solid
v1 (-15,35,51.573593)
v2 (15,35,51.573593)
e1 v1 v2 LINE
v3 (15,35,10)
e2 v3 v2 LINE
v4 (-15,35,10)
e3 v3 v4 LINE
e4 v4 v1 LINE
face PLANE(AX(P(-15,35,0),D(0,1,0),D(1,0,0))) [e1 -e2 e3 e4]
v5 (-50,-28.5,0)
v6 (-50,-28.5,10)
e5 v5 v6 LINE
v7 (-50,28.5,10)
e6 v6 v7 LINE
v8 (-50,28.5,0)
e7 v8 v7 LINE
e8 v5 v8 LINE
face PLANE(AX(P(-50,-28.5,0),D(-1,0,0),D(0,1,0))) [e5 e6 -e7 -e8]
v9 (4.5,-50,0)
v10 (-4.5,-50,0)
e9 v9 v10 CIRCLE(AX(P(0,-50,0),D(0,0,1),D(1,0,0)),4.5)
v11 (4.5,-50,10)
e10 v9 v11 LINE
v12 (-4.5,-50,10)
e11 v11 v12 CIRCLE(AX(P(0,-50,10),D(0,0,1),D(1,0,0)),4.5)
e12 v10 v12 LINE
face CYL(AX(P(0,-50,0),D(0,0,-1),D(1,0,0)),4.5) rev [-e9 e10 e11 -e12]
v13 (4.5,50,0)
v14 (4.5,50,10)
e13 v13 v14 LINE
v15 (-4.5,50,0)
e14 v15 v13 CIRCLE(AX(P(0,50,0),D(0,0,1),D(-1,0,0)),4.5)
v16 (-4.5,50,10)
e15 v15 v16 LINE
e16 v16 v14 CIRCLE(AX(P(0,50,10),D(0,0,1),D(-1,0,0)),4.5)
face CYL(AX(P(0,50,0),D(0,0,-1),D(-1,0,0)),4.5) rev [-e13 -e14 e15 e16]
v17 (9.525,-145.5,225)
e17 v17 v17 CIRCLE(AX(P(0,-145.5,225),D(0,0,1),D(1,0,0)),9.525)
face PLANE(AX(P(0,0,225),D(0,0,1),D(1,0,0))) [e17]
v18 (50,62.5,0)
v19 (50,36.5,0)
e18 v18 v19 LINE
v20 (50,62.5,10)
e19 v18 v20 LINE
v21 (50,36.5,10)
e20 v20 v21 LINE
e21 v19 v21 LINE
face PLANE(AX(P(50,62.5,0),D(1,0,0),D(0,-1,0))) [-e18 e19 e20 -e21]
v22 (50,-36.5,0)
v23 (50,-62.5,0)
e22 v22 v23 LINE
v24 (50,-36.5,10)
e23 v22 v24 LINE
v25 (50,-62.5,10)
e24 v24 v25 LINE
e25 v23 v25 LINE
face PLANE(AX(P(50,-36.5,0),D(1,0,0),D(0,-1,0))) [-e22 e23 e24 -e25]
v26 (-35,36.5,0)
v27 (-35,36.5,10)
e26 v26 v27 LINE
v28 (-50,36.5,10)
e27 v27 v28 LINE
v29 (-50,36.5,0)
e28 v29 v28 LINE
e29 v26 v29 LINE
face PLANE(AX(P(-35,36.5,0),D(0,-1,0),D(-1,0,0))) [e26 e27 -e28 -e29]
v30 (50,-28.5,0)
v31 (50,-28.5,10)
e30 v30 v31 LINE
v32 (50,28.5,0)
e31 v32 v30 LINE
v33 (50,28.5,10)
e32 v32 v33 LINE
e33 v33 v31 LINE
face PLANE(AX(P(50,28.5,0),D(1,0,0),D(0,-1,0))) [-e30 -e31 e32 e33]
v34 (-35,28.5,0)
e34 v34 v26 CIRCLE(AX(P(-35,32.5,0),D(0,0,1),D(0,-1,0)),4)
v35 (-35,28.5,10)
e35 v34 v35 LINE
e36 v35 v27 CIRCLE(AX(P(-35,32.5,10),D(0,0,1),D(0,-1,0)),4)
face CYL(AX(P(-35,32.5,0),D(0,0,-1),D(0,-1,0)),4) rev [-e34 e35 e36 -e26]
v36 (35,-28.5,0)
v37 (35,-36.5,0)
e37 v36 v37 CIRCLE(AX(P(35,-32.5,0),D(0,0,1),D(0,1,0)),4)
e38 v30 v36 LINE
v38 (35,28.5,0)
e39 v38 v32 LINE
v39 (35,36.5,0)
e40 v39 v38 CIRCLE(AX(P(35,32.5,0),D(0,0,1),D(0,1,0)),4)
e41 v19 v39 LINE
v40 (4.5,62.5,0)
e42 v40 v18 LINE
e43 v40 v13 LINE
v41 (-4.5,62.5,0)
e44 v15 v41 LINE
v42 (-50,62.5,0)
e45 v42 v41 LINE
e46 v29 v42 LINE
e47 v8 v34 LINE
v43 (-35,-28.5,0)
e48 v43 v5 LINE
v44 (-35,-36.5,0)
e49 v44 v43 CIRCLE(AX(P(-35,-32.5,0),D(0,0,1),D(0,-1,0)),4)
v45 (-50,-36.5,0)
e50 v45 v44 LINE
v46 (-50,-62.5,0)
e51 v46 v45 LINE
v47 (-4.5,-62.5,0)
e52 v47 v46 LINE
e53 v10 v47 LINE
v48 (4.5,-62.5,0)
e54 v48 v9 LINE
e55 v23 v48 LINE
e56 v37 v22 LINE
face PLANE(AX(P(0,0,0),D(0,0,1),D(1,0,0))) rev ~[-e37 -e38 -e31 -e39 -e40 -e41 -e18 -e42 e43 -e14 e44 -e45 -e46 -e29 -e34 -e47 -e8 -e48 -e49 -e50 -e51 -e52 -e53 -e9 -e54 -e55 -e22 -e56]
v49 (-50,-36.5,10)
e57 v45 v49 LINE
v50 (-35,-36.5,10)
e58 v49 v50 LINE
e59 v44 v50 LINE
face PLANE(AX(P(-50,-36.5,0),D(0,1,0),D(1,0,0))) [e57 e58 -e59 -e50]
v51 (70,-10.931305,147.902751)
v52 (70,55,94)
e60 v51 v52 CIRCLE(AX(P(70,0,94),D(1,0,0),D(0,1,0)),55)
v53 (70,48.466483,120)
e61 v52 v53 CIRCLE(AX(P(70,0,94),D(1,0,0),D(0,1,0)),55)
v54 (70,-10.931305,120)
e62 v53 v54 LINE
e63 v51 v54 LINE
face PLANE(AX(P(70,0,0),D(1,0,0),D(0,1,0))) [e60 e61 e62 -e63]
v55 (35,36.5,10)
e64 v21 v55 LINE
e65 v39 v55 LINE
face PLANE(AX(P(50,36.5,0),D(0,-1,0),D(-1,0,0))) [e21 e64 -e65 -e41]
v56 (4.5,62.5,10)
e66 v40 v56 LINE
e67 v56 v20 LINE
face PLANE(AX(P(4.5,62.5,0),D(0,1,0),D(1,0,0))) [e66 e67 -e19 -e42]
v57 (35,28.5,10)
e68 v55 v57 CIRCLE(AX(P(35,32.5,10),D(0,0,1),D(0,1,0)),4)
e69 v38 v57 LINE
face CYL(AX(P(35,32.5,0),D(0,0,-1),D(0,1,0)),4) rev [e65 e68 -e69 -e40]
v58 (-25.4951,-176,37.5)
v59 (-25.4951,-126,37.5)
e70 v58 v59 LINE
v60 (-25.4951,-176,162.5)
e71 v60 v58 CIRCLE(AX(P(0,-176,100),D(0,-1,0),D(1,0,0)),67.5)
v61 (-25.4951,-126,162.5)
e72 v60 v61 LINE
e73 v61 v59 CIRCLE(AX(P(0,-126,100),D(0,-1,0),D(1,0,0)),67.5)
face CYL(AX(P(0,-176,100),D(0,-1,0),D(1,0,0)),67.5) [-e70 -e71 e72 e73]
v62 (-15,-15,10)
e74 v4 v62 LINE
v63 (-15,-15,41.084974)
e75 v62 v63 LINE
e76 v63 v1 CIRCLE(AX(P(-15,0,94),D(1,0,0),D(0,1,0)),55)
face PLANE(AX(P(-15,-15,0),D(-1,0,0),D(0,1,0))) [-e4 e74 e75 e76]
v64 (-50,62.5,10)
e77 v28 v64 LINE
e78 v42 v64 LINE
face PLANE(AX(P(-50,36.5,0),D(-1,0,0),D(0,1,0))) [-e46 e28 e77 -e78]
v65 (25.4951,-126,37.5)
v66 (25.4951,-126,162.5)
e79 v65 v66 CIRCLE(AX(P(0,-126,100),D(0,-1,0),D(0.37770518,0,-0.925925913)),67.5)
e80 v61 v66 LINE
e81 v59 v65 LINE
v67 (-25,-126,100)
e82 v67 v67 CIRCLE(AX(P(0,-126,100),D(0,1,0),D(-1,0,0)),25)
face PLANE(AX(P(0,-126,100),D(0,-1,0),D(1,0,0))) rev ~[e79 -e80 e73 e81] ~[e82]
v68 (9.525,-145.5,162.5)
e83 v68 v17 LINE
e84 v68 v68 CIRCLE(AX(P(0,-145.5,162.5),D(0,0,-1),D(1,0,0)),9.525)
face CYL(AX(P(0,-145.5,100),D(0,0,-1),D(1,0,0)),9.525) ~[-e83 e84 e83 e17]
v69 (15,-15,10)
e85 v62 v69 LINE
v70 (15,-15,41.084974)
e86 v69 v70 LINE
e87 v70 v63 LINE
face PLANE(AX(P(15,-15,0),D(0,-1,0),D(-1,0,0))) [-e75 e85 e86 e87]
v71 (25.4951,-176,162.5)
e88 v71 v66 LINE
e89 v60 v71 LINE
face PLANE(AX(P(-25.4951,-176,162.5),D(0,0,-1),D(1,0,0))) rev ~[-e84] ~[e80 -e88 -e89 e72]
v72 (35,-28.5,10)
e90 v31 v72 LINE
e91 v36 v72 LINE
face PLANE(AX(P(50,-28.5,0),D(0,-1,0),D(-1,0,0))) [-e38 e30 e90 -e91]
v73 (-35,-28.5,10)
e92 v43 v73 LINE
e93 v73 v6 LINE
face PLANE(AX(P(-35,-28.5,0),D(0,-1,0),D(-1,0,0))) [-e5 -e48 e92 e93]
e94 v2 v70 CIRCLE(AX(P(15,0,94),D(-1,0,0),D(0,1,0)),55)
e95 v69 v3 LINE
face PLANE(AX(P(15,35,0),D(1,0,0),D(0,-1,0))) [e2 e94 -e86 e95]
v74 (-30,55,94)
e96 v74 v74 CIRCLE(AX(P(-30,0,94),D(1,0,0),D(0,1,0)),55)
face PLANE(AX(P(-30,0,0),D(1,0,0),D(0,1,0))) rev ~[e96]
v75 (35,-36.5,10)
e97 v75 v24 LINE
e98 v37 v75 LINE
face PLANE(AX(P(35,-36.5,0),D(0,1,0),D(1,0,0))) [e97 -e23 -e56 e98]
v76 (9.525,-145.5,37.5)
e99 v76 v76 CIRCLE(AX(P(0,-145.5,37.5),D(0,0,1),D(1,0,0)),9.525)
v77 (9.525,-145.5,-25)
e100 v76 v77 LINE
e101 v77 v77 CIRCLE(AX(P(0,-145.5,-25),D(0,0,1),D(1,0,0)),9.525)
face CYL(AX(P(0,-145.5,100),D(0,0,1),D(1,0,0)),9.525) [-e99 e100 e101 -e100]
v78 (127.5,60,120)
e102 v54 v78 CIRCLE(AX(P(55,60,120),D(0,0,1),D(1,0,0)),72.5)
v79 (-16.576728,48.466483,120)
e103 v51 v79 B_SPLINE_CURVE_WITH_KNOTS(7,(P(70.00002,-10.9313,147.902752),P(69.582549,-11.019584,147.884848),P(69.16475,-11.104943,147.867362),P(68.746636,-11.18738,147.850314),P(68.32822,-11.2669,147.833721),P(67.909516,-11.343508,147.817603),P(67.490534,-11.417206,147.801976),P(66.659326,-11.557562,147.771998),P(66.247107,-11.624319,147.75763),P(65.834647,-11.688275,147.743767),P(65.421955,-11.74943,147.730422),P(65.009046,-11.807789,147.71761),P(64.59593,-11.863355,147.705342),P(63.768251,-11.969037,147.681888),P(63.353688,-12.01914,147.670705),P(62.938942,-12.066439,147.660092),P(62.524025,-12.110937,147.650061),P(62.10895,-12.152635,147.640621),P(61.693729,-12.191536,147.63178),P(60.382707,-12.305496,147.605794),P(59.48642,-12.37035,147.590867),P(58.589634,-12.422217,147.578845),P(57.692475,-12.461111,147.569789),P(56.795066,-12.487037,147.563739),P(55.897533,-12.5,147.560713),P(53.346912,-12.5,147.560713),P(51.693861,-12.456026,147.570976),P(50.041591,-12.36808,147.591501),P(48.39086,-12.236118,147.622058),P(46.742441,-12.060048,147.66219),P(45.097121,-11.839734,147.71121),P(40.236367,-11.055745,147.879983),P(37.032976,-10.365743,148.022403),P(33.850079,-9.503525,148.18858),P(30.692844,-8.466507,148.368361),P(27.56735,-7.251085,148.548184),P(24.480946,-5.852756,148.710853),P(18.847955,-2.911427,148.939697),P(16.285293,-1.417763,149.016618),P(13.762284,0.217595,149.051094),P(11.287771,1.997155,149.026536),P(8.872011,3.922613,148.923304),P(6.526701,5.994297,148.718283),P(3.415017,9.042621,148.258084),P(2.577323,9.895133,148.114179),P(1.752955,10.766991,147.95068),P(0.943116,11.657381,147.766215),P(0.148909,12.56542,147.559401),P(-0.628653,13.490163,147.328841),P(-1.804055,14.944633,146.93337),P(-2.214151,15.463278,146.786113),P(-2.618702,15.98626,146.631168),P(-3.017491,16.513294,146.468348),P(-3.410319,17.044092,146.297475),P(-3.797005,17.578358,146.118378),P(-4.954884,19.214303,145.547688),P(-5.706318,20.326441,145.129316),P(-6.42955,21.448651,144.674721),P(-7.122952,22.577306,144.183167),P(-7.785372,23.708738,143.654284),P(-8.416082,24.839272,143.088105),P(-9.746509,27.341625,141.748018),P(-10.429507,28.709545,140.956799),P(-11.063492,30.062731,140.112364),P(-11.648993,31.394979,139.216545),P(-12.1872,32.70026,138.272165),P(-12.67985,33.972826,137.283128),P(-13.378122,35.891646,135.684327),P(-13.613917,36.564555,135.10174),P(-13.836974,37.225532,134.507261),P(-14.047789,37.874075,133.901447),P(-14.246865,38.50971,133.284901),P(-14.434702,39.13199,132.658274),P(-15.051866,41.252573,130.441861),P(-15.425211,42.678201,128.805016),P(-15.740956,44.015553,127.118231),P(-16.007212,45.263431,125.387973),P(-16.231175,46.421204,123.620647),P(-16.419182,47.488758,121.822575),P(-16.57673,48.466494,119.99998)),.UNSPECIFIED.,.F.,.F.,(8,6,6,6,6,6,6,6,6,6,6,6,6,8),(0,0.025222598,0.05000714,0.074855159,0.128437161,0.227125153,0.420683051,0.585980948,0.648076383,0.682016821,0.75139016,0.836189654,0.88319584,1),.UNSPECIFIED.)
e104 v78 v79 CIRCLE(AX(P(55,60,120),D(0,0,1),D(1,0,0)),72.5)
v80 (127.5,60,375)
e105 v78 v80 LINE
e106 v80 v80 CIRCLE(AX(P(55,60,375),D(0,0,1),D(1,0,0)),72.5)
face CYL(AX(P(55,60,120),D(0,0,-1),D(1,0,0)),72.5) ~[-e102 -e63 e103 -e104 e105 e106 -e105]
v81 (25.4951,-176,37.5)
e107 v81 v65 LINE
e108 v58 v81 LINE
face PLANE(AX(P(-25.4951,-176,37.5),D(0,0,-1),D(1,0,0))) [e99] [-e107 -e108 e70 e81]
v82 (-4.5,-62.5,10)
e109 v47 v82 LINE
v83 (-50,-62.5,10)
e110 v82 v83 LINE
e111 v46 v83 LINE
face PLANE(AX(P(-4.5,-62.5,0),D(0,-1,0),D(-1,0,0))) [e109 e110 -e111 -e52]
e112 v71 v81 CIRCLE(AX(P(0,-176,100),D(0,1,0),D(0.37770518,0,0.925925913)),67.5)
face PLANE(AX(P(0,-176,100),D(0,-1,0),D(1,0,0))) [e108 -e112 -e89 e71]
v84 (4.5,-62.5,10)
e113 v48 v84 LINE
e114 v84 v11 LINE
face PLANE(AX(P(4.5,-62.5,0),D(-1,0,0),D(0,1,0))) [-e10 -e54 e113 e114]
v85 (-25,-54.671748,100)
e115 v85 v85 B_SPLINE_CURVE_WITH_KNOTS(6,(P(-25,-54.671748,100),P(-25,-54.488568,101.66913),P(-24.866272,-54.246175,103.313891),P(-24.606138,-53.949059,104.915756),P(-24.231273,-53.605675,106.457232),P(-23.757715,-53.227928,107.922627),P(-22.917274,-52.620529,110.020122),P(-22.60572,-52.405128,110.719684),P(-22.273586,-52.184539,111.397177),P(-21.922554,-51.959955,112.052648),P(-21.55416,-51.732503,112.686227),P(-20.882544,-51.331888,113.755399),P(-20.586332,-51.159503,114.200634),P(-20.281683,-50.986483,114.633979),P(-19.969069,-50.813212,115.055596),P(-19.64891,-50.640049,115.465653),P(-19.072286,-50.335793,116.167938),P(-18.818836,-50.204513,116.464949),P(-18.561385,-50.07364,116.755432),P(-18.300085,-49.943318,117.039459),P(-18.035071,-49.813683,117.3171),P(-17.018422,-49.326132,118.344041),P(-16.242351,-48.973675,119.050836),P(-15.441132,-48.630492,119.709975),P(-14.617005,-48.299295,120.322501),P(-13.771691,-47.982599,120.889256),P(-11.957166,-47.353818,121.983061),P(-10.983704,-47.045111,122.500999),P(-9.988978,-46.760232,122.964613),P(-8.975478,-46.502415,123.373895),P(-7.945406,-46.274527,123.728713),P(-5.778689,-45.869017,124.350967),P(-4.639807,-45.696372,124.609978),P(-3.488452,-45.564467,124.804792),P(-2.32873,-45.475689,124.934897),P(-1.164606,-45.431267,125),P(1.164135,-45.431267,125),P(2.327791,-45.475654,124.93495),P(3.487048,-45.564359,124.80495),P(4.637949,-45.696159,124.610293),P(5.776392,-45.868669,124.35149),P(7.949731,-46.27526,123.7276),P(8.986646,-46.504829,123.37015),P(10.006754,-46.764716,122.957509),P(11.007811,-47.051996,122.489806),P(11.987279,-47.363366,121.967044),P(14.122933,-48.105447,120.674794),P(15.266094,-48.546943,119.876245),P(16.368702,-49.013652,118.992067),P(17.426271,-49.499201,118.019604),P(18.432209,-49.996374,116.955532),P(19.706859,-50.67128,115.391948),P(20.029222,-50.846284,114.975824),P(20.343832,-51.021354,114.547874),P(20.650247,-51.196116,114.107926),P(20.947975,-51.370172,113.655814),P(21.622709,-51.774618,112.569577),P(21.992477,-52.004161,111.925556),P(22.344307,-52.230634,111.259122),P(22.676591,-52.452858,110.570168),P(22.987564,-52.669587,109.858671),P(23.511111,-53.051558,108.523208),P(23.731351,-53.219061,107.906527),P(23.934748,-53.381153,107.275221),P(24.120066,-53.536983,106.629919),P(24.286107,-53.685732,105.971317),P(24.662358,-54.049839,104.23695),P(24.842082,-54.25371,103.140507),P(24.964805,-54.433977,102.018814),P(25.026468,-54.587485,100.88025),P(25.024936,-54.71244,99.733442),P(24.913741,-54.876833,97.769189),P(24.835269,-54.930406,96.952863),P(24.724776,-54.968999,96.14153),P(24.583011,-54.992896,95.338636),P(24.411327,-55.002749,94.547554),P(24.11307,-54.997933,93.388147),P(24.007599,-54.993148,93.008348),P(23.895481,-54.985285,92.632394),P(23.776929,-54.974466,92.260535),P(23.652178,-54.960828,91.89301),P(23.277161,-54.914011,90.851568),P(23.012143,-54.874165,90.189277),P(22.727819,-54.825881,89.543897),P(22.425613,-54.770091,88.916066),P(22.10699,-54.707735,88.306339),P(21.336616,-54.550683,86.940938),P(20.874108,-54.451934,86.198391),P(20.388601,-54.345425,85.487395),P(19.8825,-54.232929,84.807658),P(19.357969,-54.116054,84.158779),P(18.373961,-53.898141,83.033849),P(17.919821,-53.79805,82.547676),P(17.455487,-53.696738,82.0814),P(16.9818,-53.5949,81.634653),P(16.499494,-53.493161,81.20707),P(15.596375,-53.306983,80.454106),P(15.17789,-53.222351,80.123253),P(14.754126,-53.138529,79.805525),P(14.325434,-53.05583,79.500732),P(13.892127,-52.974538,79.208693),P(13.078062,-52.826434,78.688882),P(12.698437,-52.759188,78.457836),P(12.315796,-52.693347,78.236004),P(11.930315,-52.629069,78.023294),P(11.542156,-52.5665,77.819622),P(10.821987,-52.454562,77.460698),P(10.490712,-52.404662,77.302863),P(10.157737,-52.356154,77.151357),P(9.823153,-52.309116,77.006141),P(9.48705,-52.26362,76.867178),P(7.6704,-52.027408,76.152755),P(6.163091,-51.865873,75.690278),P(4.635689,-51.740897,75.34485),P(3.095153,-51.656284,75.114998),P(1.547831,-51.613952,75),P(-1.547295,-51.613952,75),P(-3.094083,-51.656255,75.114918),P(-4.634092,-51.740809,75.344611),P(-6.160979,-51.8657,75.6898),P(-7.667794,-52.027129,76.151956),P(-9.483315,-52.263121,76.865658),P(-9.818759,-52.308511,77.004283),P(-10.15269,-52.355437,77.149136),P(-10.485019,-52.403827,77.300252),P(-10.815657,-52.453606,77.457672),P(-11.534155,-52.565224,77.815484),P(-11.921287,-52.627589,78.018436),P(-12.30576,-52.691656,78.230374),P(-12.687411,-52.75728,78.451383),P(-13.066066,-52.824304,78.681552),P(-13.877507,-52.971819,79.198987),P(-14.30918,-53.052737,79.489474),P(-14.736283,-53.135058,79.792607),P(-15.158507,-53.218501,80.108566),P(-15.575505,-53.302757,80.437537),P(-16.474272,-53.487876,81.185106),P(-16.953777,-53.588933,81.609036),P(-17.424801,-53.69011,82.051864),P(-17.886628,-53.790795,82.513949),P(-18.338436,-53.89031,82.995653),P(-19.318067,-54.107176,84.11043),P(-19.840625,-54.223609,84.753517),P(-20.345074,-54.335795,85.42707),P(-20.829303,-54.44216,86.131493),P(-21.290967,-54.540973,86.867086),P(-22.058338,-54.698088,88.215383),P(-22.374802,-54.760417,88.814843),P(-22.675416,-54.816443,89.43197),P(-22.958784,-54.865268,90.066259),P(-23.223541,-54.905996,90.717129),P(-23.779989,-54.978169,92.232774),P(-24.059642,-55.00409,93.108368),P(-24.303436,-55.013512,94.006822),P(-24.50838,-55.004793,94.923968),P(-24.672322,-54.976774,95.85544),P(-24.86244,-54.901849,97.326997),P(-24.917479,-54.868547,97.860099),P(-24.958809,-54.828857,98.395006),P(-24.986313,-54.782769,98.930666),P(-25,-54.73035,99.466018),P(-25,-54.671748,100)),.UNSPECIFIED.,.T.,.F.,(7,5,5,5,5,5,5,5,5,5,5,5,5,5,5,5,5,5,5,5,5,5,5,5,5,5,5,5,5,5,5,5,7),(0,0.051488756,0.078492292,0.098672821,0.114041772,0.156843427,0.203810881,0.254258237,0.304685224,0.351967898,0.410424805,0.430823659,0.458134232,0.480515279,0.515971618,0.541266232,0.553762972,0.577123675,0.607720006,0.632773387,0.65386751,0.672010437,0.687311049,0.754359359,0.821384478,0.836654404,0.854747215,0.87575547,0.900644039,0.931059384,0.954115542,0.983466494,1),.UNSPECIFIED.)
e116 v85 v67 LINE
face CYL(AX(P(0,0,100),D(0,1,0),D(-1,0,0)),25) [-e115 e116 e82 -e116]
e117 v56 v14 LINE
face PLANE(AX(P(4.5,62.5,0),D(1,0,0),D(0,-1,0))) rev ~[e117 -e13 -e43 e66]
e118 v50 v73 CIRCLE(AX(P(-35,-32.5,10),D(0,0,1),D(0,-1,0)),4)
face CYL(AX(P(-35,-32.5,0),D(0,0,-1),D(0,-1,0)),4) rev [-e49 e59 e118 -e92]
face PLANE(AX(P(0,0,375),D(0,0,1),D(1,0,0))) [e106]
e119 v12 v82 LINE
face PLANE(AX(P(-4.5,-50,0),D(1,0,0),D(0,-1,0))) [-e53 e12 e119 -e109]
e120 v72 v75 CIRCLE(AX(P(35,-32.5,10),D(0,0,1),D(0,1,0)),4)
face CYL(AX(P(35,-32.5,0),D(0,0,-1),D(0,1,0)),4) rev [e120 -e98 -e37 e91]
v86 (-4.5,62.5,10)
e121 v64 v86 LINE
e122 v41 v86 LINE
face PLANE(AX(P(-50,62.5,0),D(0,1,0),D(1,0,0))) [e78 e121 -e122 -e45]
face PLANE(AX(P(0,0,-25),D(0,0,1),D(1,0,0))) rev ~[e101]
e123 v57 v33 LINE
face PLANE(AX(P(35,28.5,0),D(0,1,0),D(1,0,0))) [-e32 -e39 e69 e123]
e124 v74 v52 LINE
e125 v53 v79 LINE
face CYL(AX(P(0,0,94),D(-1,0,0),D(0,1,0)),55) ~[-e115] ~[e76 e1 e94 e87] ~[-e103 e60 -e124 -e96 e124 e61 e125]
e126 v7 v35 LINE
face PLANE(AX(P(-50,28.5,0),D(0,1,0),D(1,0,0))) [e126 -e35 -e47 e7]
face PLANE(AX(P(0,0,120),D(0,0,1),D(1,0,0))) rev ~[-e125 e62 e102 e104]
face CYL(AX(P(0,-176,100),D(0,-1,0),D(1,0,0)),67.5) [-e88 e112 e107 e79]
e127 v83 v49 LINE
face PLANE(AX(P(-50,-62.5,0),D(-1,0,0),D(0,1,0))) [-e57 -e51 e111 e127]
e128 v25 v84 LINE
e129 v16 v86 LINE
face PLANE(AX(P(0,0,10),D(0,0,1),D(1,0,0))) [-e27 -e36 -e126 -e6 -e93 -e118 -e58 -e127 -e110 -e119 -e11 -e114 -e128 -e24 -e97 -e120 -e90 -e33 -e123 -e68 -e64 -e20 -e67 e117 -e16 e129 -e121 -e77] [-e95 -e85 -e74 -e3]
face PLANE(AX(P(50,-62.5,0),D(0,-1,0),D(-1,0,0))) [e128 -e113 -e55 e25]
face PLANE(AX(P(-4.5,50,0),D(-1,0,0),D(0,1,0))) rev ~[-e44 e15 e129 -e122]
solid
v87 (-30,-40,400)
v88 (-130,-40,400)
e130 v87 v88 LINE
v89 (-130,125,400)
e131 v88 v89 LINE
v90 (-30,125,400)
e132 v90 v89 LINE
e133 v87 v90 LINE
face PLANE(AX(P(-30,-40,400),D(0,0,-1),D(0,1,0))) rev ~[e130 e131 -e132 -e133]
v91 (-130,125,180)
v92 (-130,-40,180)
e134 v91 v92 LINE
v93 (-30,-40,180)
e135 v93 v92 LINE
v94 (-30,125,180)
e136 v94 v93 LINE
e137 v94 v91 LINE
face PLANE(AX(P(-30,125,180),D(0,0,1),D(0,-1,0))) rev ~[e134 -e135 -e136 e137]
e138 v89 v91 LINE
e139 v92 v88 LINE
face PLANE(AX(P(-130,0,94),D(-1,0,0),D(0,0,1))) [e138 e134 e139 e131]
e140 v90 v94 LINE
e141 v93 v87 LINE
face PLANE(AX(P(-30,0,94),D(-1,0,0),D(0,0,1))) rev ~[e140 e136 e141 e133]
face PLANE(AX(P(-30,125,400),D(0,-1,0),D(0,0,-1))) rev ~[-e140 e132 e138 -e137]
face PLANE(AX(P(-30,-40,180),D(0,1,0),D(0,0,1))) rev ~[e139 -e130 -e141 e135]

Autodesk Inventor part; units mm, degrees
ref_plane "YZ Plane" through (0, 0, 0) normal (1, 0, 0) x (0, 1, 0)
ref_plane "XZ Plane" through (0, 0, 0) normal (0, 1, 0) x (-1, 0, 0)
sketch "Sketch1" plane through (0, 0, 0) normal (0, 0, 1) x (1, 0, 0)
  line L0 (-50, 62.5) -> (50, 62.5)
  line L1 (50, 62.5) -> (50, -62.5)
  line L2 (50, -62.5) -> (-50, -62.5)
  line L3 (-50, -62.5) -> (-50, 62.5)
  line L4 (-50, 62.5) -> (50, -62.5) construction
  line L5 (50, 62.5) -> (-50, -62.5) construction
  line L6 (50, 36.5) -> (35, 36.5)
  arc A0 (35, 36.5) -> (35, 28.5) centre (35, 32.5) ccw
  line L7 (35, 28.5) -> (50, 28.5)
  line L8 (50, -28.5) -> (35, -28.5)
  arc A1 (35, -28.5) -> (35, -36.5) centre (35, -32.5) ccw
  line L9 (35, -36.5) -> (50, -36.5)
  line L10 (4.5, 62.5) -> (4.5, 50)
  arc A2 (-4.5, 50) -> (4.5, 50) centre (0, 50) ccw
  line L11 (-4.5, 50) -> (-4.5, 62.5)
  line L12 (4.5, -62.5) -> (4.5, -50)
  arc A3 (4.5, -50) -> (-4.5, -50) centre (0, -50) ccw
  line L13 (-4.5, -50) -> (-4.5, -62.5)
  line L14 (-50, -36.5) -> (-35, -36.5)
  arc A4 (-35, -36.5) -> (-35, -28.5) centre (-35, -32.5) ccw
  line L15 (-35, -28.5) -> (-50, -28.5)
  line L16 (-50, 28.5) -> (-35, 28.5)
  arc A5 (-35, 28.5) -> (-35, 36.5) centre (-35, 32.5) ccw
  line L17 (-35, 36.5) -> (-50, 36.5)
  line L18 (50, 0) -> (-50, 0) construction
  point P0 (0, 0)
  point P1 (0, 0)
  dimension "d0" = 100
  dimension "d1" = 125
  dimension "d2" = 4
  dimension "d3" = 65
  dimension "d4" = 15
  dimension "d5" = 4.5
  dimension "d6" = 12.5
  dimension "d39" = 70
  dimension "d40" = 100
extrude "Extrusion1" add sketch "Sketch1" along normal blind 10 contours L0 L11 A2 L10 L1 L6 A0 L7 L8 A1 L9 L2 L12 A3 L13 L3 L14 A4 L15 L16 A5 L17
sketch "Sketch3" plane through (0, 0, 0) normal (0, 0, 1) x (1, 0, 0)
  line L0 (-15, 35) -> (15, 35)
  line L1 (15, 35) -> (15, -15)
  line L2 (15, -15) -> (-15, -15)
  line L3 (-15, -15) -> (-15, 35)
  point P0 (0, 0)
  point P1 (0, -15)
  dimension "d9" = 30
  dimension "d10" = 50
  dimension "d11" = 15
extrude "Extrusion2" add sketch "Sketch3" along normal blind 120
sketch "Sketch4" plane through (0, 0, 0) normal (1, 0, 0) x (0, 1, 0)
  circle A0 centre (0, 94) radius 55
  line L0 (28.5, 0) -> (-28.5, 0) projected
  point P0 (0, 0)
  point P1 (0, 0)
  point P2 (0, 0)
  dimension "d14" = 94
  dimension "d15" = 110
  dimension "d16" = 0
extrude "Extrusion3" add sketch "Sketch4" along normal blind 70 and the other way blind 30
sketch "Sketch5" plane through (0, 0, 120) normal (0, 0, 1) x (1, 0, 0)
  circle A0 centre (55, 60) radius 72.5
  point P0 (0, 0)
  dimension "d21" = 145
  dimension "d22" = 55
  dimension "d23" = 60
extrude "Extrusion4" add sketch "Sketch5" along normal blind 255
sketch "Sketch6" plane through (0, 0, 0) normal (0, 1, 0) x (-1, 0, 0)
  circle A0 centre (0, 100) radius 25
  point P0 (0, 0)
  dimension "d26" = 50
  dimension "d27" = 100
extrude "Extrusion5" add sketch "Sketch6" against normal blind 176
sketch "Sketch7" plane through (0, -176, 100) normal (0, -1, 0) x (1, 0, 0)
  circle A0 centre (0, 0) radius 67.5
  line L0 (-25.4951, 62.5) -> (25.4951, 62.5)
  line L1 (-25.4951, -62.5) -> (25.4951, -62.5)
  circle A1 centre (0, 0) radius 25 construction
  line L2 (0, 0) -> (67.5, 0) construction
  point P0 (0, -100)
  dimension "d30" = 135
  dimension "d31" = 125
extrude "Extrusion6" add sketch "Sketch7" against normal blind 50 contours A0 L1 L0
ref_plane "Work Plane1" through (0, 0, 100) normal (0, 0, 1) x (1, 0, 0)
sketch "Sketch8" plane through (0, 0, 100) normal (0, 0, 1) x (1, 0, 0)
  circle A0 centre (0, -145.5) radius 9.525
  point P0 (0, 0)
  dimension "d35" = 19.05
  dimension "d36" = 145.5
extrude "Extrusion7" add sketch "Sketch8" along normal mid plane 250
sketch "Sketch9" plane through (-30, 0, 94) normal (-1, 0, 0) x (0, 0, 1)
  line L0 (306, 125) -> (86, 125)
  line L1 (86, 125) -> (86, -40)
  line L2 (86, -40) -> (306, -40)
  line L3 (306, -40) -> (306, 125)
  line L4 (-94, 28.5) -> (-94, -28.5) projected
  point P0 (-94, 0)
  point P1 (-94, 0)
  point P2 (-94, 0)
  dimension "d41" = 165
  dimension "d42" = 220
  dimension "d43" = 180
  dimension "d44" = 40
extrude "Extrusion8" add sketch "Sketch9" along normal blind 100
properties part number "Spring MS1 Elektra"
